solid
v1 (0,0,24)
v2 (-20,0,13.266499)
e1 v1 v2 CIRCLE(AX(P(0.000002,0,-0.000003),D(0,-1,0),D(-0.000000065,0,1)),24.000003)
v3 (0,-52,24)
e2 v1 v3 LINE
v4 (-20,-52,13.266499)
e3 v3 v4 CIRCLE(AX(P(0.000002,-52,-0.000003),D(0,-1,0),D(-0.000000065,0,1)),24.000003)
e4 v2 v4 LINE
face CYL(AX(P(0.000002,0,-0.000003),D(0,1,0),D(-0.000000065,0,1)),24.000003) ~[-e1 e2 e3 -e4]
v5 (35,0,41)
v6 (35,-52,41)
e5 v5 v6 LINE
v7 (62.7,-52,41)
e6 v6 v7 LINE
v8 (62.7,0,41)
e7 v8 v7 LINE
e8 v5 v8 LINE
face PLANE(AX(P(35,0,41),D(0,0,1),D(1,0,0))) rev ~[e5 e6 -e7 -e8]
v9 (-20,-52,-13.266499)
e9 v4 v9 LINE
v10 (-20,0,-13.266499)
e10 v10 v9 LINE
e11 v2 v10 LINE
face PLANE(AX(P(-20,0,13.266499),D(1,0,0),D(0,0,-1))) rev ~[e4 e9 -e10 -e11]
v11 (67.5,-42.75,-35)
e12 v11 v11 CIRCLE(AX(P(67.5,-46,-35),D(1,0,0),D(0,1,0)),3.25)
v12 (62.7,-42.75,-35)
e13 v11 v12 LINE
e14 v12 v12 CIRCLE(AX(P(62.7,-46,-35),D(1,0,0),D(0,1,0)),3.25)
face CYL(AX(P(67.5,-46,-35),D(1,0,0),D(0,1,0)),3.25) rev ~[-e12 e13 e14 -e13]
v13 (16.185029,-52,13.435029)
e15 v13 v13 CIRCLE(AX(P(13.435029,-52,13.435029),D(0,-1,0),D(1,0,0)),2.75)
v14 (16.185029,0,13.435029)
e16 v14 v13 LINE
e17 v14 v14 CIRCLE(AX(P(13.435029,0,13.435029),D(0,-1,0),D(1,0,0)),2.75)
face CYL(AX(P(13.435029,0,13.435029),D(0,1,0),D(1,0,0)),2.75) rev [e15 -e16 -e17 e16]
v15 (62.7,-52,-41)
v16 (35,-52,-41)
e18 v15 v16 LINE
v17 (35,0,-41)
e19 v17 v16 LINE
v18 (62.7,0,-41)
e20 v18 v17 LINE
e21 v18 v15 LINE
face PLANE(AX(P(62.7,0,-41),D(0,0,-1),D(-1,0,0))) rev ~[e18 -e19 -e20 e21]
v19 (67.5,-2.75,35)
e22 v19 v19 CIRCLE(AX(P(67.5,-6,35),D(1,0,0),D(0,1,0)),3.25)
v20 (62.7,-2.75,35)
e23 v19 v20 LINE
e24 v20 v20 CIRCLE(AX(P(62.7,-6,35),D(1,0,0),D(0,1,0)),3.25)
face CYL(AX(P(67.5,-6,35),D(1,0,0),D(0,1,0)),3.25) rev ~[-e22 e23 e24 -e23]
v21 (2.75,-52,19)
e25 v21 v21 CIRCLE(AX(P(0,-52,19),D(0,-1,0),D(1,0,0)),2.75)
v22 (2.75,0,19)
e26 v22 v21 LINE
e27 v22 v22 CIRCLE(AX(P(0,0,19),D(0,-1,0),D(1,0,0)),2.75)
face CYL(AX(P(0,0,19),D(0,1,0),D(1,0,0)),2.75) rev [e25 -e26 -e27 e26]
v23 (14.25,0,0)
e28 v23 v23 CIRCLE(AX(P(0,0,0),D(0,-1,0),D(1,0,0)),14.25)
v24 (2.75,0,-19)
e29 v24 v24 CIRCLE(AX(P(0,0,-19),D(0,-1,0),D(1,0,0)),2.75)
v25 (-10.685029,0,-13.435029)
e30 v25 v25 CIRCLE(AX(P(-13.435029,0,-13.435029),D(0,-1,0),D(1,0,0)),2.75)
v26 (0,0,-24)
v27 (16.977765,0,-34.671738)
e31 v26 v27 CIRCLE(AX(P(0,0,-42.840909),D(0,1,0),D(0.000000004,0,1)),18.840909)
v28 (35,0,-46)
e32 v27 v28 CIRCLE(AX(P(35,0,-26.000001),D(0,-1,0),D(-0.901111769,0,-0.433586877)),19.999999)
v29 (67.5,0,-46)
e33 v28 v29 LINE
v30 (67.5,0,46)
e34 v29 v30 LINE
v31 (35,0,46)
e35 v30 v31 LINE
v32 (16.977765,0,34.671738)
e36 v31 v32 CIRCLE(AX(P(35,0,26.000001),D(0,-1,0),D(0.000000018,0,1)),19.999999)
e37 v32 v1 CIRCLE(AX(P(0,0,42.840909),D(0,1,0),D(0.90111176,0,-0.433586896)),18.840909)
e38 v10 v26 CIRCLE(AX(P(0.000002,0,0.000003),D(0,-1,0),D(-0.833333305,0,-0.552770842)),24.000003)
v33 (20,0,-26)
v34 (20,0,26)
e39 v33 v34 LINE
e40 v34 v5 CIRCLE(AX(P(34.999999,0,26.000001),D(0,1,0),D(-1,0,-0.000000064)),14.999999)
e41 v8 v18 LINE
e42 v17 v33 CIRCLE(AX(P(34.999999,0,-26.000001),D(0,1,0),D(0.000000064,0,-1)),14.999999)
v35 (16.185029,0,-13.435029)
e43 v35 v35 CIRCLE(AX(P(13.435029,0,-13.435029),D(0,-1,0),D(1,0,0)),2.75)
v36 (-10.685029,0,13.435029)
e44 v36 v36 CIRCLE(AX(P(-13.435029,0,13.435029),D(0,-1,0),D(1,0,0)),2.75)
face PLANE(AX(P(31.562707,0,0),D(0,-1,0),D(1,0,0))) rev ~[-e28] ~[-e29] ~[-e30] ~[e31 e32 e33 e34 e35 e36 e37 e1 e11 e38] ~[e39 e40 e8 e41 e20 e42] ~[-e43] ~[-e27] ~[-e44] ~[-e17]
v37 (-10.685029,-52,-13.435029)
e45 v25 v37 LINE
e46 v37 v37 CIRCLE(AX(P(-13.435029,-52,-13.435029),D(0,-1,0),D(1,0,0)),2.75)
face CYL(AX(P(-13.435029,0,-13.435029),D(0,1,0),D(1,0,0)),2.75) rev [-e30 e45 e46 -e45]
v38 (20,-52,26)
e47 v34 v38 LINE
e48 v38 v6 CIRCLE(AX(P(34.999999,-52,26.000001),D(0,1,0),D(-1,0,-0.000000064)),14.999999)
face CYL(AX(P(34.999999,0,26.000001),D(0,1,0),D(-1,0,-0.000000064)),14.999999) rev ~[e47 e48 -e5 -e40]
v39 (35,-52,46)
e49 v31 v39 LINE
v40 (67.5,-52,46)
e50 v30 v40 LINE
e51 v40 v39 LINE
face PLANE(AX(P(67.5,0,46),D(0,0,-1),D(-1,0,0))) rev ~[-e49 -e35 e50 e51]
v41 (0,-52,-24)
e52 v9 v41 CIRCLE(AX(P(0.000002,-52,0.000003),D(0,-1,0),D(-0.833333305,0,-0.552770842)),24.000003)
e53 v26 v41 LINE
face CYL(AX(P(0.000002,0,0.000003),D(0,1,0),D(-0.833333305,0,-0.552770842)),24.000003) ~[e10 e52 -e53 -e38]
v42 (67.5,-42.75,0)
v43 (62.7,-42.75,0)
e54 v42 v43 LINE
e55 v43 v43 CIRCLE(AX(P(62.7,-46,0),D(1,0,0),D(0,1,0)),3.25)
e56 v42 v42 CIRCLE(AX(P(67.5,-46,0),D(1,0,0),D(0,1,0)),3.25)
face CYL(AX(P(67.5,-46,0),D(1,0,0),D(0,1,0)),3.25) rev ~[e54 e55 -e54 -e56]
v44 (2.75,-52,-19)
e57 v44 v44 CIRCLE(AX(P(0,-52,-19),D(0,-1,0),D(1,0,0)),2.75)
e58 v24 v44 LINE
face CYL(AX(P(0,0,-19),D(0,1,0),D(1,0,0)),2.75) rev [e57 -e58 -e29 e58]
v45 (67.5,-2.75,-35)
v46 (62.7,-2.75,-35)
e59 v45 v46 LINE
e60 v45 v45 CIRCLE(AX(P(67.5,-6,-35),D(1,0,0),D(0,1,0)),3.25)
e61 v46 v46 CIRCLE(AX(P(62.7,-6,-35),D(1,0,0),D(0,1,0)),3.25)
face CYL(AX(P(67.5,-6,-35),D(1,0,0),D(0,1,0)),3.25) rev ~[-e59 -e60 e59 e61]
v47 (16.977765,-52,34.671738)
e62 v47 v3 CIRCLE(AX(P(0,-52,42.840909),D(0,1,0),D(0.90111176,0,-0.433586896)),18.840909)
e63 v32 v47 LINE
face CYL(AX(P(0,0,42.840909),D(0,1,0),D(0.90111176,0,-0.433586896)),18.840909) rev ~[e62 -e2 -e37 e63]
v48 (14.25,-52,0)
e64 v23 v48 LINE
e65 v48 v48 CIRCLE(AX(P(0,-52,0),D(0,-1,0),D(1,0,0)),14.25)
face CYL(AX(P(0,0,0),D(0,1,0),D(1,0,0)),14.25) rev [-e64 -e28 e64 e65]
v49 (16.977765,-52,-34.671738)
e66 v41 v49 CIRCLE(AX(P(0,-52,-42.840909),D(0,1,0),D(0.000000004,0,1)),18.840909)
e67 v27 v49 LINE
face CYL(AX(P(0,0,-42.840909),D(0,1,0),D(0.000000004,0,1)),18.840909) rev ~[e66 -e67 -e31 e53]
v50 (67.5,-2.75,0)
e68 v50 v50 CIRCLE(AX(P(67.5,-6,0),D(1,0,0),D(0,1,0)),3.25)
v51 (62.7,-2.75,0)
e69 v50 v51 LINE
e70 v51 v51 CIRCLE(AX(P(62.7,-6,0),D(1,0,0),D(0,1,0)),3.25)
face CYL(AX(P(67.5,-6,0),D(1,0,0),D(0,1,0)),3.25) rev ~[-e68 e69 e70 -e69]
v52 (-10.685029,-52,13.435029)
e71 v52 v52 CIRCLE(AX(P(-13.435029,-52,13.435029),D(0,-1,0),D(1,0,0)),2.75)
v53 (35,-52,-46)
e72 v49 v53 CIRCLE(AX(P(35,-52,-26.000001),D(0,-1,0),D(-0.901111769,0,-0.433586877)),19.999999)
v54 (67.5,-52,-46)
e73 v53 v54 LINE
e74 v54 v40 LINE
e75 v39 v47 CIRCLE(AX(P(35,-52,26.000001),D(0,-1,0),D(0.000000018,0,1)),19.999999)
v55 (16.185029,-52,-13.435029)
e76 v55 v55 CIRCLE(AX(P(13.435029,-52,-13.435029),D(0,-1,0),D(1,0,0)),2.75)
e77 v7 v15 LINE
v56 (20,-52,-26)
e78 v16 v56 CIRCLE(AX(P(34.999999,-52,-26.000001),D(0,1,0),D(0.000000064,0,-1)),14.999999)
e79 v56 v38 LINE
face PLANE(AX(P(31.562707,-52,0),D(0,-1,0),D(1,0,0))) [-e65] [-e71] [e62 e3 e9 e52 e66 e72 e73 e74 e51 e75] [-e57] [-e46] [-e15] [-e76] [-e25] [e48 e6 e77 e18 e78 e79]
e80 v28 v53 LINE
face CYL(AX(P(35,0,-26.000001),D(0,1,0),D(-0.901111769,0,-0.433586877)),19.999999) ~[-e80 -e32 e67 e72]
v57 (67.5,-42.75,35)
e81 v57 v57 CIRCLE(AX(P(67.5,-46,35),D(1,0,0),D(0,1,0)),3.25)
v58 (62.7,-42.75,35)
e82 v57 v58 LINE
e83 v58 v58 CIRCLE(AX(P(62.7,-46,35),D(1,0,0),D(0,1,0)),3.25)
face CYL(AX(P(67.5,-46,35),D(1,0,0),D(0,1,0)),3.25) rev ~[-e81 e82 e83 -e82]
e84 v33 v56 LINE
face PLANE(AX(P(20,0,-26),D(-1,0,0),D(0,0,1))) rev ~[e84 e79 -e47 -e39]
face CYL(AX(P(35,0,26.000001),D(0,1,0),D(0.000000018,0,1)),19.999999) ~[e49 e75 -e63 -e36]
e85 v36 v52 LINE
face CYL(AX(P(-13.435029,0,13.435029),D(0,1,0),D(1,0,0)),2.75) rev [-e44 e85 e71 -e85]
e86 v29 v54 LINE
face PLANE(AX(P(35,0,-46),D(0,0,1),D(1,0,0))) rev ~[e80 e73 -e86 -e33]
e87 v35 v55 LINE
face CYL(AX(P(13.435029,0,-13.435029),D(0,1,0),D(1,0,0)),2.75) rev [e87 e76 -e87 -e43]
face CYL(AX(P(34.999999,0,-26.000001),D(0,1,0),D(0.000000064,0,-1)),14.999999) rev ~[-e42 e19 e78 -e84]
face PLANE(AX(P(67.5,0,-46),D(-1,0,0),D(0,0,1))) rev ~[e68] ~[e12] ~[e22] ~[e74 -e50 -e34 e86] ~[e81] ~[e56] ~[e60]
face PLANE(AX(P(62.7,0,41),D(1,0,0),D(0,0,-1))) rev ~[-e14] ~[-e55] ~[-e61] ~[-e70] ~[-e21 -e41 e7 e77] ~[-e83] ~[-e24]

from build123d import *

# Parameters (mm, degrees)
F1_R     = 2.75
F1_R_2   = 14.25
F2_DEPTH = 52
F3_R     = 3.25
F4_DEPTH = 4.8


with BuildPart() as f2:
    # F1 (on Front) → F2 (new body)
    with BuildSketch(Plane.XZ):
        with BuildLine():
            ThreePointArc((0, 24), (-11.349097, 21.147056), (-20, 13.266499))
            Line((-20, 13.266499), (-20, -13.266499))
            ThreePointArc((-20, -13.266499), (-11.349097, -21.147056), (0, -24))
            ThreePointArc((0, -24), (10.026596, -26.889507), (16.977765, -34.671738))
            ThreePointArc((16.977765, -34.671738), (24.356569, -42.932731), (35, -46))
            Line((35, -46), (67.5, -46))
            Line((67.5, -46), (67.5, 46))
            Line((67.5, 46), (35, 46))
            ThreePointArc((35, 46), (24.356569, 42.932731), (16.977765, 34.671738))
            ThreePointArc((16.977765, 34.671738), (10.026596, 26.889507), (0, 24))
        make_face()
        with Locations((-13.435029, -13.435029)):
            Circle(F1_R, mode=Mode.SUBTRACT)
        with Locations((0, -19)):
            Circle(F1_R, mode=Mode.SUBTRACT)
        with Locations((13.435029, -13.435029)):
            Circle(F1_R, mode=Mode.SUBTRACT)
        Circle(F1_R_2, mode=Mode.SUBTRACT)
        with Locations((-13.435029, 13.435029)):
            Circle(F1_R, mode=Mode.SUBTRACT)
        with Locations((0, 19)):
            Circle(F1_R, mode=Mode.SUBTRACT)
        with Locations((13.435029, 13.435029)):
            Circle(F1_R, mode=Mode.SUBTRACT)
        with BuildLine():
            Line((35, 41), (62.7, 41))
            Line((62.7, 41), (62.7, -41))
            Line((62.7, -41), (35, -41))
            ThreePointArc((35, -41), (24.393398, -36.606602), (20, -26))
            Line((20, -26), (20, 26))
            ThreePointArc((20, 26), (24.393398, 36.606602), (35, 41))
        make_face(mode=Mode.SUBTRACT)
    extrude(amount=F2_DEPTH)

    # F3 (on face) → F4 (cut, through all)
    with BuildSketch(Plane.YZ.offset(67.5)):
        with Locations((-46, 35)):
            Circle(F3_R)
        with Locations((-46, 0)):
            Circle(F3_R)
        with Locations((-46, -35)):
            Circle(F3_R)
        with Locations((-6, 35)):
            Circle(F3_R)
        with Locations((-6, 0)):
            Circle(F3_R)
        with Locations((-6, -35)):
            Circle(F3_R)
    extrude(amount=-F4_DEPTH, mode=Mode.SUBTRACT)


solid = f2.part
